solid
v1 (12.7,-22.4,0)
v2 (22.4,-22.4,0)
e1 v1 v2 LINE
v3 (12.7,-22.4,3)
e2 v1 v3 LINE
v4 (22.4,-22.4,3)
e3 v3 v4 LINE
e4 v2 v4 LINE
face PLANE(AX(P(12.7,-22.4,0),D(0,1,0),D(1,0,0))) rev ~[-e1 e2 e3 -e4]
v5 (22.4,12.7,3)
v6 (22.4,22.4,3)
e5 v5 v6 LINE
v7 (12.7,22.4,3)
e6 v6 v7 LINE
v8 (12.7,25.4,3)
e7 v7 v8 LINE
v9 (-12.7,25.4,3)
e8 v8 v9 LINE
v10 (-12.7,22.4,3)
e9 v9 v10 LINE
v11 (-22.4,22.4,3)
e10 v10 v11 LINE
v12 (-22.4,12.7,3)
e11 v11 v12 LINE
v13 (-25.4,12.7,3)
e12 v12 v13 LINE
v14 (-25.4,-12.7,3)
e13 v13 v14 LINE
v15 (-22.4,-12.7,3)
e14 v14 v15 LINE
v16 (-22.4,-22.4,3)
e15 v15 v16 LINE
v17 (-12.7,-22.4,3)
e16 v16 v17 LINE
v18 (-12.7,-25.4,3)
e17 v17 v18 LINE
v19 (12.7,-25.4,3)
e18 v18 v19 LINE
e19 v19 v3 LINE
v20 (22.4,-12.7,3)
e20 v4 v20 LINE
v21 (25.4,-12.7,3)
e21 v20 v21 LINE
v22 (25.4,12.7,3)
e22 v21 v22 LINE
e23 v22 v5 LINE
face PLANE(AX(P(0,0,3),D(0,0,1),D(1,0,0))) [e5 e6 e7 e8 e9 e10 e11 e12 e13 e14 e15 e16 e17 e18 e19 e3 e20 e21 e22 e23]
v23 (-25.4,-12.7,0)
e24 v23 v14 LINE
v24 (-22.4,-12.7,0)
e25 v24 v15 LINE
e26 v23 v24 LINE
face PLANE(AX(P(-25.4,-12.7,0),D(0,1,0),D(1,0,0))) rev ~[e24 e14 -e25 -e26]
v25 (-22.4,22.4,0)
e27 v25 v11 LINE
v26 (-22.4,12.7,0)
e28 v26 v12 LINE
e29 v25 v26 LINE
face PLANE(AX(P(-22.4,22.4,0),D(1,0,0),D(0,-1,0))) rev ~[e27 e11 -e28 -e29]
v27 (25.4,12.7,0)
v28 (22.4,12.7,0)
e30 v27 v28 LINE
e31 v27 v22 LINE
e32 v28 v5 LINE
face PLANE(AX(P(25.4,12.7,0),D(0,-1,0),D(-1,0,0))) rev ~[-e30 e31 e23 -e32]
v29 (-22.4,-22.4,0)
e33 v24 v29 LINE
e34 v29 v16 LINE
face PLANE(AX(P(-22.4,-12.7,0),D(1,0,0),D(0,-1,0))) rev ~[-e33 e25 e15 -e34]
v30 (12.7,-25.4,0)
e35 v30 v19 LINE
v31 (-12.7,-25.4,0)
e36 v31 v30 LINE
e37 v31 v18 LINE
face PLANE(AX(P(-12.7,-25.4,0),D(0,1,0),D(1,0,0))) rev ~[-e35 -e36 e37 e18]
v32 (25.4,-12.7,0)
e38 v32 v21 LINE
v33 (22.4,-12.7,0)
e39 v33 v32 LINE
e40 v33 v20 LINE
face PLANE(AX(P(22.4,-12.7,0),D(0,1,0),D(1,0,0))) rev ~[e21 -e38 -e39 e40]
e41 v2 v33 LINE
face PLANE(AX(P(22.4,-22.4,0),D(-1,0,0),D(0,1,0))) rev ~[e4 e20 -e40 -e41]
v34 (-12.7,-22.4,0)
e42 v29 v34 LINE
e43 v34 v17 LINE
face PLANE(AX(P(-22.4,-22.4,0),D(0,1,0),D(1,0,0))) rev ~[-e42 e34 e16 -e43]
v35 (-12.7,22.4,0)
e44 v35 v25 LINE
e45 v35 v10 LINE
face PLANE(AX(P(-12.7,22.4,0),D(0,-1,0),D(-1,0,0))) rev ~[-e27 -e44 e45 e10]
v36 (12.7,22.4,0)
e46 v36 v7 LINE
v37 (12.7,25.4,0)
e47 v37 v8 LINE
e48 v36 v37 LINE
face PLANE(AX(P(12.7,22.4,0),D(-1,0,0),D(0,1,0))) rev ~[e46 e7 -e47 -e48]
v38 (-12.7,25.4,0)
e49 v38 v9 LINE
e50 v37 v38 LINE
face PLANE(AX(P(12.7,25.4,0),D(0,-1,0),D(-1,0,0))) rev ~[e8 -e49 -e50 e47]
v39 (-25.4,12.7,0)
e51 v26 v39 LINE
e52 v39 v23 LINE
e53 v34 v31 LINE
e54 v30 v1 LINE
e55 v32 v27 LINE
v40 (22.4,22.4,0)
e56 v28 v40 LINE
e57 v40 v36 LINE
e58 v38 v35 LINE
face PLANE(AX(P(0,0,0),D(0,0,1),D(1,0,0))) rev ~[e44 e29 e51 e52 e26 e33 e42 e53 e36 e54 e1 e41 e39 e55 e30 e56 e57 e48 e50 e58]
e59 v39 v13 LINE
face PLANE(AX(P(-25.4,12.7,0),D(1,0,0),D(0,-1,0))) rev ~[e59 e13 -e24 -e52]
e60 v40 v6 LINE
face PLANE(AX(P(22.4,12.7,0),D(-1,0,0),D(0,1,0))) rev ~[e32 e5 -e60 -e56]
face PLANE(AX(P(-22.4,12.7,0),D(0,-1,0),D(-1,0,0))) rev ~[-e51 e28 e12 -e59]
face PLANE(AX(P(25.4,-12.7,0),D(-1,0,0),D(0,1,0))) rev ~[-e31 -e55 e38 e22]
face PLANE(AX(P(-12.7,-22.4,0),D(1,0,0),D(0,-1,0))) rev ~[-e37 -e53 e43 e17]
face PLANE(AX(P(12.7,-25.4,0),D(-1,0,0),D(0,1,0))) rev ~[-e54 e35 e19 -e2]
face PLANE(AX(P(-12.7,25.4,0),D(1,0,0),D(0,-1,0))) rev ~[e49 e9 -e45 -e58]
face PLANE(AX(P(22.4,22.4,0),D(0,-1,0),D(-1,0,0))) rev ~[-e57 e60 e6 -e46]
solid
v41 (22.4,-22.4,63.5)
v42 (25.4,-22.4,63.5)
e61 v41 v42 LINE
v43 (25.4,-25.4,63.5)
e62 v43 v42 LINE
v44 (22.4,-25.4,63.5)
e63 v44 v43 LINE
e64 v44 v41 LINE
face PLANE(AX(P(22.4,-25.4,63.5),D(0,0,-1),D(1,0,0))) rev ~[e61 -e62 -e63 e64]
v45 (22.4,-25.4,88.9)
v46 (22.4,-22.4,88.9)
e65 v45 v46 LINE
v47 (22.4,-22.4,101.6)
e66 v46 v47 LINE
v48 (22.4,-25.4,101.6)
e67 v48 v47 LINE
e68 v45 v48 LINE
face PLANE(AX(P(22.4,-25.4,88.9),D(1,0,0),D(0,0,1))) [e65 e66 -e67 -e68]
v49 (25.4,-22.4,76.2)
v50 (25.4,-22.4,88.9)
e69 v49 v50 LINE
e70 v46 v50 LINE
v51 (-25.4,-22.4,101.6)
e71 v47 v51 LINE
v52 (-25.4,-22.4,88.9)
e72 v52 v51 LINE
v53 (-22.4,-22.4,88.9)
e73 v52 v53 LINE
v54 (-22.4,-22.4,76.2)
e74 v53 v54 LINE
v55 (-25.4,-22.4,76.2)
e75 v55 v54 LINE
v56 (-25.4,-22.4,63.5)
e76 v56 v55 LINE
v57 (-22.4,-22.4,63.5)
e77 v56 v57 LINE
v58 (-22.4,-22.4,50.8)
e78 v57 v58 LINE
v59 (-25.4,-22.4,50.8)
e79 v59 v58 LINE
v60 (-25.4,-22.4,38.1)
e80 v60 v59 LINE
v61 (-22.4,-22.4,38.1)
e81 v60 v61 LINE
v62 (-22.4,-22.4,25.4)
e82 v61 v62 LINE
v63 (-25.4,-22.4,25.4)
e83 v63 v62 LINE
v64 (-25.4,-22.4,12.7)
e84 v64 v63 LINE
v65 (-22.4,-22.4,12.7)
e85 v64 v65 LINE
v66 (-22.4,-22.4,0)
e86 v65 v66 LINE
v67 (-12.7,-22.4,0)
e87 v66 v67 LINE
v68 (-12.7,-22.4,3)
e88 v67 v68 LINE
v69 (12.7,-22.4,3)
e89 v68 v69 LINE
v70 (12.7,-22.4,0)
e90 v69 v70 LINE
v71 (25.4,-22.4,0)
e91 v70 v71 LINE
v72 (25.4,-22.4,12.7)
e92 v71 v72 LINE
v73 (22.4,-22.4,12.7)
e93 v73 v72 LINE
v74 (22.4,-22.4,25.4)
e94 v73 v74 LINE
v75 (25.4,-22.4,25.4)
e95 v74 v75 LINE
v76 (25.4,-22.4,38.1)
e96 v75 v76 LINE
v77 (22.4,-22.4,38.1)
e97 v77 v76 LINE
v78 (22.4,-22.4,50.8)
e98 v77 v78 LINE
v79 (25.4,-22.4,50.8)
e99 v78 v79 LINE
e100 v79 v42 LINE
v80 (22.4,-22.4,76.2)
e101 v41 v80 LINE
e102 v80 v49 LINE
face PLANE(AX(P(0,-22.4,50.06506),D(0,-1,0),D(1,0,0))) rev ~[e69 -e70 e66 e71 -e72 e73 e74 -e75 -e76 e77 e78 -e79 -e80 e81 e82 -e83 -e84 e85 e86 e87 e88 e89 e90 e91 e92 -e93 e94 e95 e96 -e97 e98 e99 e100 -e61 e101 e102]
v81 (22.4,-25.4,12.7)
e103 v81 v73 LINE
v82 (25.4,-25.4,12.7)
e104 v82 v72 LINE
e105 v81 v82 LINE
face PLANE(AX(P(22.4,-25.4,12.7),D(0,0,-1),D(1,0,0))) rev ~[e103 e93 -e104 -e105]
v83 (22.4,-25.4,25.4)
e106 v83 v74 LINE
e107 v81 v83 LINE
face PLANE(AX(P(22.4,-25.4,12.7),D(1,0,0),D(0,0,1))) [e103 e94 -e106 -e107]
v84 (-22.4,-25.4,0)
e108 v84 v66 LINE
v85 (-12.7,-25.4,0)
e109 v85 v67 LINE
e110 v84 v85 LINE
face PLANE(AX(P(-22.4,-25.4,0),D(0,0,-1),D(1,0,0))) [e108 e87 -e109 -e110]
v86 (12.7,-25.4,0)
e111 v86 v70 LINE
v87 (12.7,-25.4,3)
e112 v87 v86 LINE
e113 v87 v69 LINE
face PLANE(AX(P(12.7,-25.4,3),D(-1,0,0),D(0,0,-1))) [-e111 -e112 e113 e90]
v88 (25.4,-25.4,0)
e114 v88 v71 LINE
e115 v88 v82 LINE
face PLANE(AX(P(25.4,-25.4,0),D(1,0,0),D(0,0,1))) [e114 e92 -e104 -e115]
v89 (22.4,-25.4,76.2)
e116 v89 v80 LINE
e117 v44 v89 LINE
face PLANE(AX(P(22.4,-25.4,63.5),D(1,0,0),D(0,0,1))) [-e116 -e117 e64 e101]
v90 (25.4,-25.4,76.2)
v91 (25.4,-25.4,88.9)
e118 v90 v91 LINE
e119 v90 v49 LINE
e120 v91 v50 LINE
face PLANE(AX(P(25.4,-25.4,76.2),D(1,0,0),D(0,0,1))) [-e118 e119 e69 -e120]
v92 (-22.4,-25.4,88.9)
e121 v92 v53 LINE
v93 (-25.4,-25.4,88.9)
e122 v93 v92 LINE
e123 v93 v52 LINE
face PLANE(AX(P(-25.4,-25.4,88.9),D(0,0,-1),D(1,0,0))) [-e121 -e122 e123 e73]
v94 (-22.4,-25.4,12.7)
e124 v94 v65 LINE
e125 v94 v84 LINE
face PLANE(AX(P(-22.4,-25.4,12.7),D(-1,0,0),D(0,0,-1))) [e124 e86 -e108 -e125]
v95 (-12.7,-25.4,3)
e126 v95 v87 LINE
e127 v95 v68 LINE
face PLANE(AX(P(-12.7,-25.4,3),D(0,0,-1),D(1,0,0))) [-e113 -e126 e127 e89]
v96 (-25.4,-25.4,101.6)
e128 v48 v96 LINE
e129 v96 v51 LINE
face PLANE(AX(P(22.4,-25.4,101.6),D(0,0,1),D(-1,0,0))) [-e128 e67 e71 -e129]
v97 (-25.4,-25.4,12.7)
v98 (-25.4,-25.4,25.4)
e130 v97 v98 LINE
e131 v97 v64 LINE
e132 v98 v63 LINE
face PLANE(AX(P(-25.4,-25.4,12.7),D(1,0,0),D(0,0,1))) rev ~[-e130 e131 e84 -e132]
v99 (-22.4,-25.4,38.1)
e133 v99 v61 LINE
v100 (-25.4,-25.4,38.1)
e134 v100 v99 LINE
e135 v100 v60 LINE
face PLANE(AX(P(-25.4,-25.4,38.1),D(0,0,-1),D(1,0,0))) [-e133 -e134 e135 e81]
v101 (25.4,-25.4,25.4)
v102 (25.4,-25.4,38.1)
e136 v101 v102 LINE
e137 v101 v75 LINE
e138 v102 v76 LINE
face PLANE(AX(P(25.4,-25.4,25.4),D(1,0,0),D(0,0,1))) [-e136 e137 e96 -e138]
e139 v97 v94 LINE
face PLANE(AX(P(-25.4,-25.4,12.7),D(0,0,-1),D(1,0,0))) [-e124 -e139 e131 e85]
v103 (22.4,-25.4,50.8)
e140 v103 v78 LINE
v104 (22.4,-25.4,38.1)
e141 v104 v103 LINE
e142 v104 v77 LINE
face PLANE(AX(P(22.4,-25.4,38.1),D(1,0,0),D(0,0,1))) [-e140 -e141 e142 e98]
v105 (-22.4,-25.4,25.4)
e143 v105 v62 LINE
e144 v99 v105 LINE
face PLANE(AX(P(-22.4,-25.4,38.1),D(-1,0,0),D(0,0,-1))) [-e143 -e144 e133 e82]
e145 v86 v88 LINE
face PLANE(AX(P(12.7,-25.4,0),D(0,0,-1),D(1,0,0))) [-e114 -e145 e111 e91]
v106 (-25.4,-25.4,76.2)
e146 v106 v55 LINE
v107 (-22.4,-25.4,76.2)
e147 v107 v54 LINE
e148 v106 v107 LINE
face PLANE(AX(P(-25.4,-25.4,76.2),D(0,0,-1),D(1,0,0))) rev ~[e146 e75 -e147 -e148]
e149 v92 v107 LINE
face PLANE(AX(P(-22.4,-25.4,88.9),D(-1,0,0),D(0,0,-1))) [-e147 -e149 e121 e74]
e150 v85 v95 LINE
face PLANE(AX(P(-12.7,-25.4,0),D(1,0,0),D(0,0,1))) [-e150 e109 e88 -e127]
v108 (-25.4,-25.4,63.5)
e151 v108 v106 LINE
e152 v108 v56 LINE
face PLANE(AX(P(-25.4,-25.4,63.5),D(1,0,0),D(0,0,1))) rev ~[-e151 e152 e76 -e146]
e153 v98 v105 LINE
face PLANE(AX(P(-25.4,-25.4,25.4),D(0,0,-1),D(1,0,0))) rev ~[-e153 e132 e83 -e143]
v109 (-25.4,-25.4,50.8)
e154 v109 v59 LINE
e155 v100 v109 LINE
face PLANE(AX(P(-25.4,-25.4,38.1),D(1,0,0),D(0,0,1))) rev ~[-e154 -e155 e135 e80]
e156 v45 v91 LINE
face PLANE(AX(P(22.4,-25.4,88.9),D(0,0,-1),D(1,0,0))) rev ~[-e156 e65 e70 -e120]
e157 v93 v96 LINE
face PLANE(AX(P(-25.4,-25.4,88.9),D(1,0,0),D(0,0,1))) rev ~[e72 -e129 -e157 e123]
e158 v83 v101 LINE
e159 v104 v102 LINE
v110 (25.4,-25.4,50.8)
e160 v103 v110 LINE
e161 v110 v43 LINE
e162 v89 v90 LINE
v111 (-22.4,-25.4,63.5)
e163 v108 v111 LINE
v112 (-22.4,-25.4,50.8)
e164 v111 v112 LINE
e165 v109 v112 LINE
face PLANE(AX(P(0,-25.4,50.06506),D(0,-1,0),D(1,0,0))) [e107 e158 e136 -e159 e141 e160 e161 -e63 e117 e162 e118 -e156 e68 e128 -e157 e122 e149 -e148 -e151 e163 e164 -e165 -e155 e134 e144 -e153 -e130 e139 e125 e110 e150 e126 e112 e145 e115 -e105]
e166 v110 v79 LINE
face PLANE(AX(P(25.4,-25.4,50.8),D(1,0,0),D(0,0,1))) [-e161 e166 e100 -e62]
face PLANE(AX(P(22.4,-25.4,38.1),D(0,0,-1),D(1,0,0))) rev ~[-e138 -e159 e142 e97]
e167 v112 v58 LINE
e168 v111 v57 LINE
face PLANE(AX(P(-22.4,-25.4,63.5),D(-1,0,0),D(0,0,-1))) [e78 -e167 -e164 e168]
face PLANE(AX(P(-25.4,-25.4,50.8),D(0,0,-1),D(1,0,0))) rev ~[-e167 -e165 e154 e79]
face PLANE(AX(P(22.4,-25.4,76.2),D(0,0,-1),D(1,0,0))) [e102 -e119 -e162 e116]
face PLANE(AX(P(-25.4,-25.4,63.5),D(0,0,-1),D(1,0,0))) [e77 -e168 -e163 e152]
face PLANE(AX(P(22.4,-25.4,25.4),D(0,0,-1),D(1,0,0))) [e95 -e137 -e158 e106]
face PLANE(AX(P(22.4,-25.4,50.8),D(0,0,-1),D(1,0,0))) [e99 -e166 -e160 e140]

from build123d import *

# Parameters (mm, degrees)
F2_DEPTH = 3
F3_W     = 3
F3_H     = 12.7
F4_DEPTH = 3


with BuildPart() as f2:
    # F1 (on Top) → F2 (new body)
    with BuildSketch(Plane.XY):
        Polygon((12.7, 22.4), (12.7, 25.4), (-12.7, 25.4), (-12.7, 22.4), (-22.4, 22.4), (-22.4, 12.7), (-25.4, 12.7), (-25.4, -12.7), (-22.4, -12.7), (-22.4, -22.4), (-12.7, -22.4), (-12.7, -25.4), (12.7, -25.4), (12.7, -22.4), (22.4, -22.4), (22.4, -12.7), (25.4, -12.7), (25.4, 12.7), (22.4, 12.7), (22.4, 22.4), align=None)
    extrude(amount=F2_DEPTH)


with BuildPart() as f4:
    # F3 (on face) → F4 (new body)
    with BuildSketch(Plane.XZ.offset(25.4)):
        Polygon((-22.4, 12.7), (-22.4, 0), (-12.7, 0), (-12.7, 3), (12.7, 3), (12.7, 0), (22.4, 0), (22.4, 12.7), (22.4, 25.4), (22.4, 38.1), (22.4, 50.8), (22.4, 63.5), (22.4, 76.2), (22.4, 88.9), (22.4, 101.6), (-22.4, 101.6), (-22.4, 88.9), (-22.4, 76.2), (-22.4, 63.5), (-22.4, 50.8), (-22.4, 38.1), (-22.4, 25.4), align=None)
        with Locations((23.9, 6.35)):
            Rectangle(F3_W, F3_H)
        with Locations((23.9, 31.75)):
            Rectangle(F3_W, F3_H)
        with Locations((23.9, 57.15)):
            Rectangle(F3_W, F3_H)
        with Locations((23.9, 82.55)):
            Rectangle(F3_W, F3_H)
        with Locations((-23.9, 19.05)):
            Rectangle(F3_W, F3_H)
        with Locations((-23.9, 44.45)):
            Rectangle(F3_W, F3_H)
        with Locations((-23.9, 69.85)):
            Rectangle(F3_W, F3_H)
        with Locations((-23.9, 95.25)):
            Rectangle(F3_W, F3_H)
    extrude(amount=-F4_DEPTH)


solid = Compound([f2.part, f4.part])
